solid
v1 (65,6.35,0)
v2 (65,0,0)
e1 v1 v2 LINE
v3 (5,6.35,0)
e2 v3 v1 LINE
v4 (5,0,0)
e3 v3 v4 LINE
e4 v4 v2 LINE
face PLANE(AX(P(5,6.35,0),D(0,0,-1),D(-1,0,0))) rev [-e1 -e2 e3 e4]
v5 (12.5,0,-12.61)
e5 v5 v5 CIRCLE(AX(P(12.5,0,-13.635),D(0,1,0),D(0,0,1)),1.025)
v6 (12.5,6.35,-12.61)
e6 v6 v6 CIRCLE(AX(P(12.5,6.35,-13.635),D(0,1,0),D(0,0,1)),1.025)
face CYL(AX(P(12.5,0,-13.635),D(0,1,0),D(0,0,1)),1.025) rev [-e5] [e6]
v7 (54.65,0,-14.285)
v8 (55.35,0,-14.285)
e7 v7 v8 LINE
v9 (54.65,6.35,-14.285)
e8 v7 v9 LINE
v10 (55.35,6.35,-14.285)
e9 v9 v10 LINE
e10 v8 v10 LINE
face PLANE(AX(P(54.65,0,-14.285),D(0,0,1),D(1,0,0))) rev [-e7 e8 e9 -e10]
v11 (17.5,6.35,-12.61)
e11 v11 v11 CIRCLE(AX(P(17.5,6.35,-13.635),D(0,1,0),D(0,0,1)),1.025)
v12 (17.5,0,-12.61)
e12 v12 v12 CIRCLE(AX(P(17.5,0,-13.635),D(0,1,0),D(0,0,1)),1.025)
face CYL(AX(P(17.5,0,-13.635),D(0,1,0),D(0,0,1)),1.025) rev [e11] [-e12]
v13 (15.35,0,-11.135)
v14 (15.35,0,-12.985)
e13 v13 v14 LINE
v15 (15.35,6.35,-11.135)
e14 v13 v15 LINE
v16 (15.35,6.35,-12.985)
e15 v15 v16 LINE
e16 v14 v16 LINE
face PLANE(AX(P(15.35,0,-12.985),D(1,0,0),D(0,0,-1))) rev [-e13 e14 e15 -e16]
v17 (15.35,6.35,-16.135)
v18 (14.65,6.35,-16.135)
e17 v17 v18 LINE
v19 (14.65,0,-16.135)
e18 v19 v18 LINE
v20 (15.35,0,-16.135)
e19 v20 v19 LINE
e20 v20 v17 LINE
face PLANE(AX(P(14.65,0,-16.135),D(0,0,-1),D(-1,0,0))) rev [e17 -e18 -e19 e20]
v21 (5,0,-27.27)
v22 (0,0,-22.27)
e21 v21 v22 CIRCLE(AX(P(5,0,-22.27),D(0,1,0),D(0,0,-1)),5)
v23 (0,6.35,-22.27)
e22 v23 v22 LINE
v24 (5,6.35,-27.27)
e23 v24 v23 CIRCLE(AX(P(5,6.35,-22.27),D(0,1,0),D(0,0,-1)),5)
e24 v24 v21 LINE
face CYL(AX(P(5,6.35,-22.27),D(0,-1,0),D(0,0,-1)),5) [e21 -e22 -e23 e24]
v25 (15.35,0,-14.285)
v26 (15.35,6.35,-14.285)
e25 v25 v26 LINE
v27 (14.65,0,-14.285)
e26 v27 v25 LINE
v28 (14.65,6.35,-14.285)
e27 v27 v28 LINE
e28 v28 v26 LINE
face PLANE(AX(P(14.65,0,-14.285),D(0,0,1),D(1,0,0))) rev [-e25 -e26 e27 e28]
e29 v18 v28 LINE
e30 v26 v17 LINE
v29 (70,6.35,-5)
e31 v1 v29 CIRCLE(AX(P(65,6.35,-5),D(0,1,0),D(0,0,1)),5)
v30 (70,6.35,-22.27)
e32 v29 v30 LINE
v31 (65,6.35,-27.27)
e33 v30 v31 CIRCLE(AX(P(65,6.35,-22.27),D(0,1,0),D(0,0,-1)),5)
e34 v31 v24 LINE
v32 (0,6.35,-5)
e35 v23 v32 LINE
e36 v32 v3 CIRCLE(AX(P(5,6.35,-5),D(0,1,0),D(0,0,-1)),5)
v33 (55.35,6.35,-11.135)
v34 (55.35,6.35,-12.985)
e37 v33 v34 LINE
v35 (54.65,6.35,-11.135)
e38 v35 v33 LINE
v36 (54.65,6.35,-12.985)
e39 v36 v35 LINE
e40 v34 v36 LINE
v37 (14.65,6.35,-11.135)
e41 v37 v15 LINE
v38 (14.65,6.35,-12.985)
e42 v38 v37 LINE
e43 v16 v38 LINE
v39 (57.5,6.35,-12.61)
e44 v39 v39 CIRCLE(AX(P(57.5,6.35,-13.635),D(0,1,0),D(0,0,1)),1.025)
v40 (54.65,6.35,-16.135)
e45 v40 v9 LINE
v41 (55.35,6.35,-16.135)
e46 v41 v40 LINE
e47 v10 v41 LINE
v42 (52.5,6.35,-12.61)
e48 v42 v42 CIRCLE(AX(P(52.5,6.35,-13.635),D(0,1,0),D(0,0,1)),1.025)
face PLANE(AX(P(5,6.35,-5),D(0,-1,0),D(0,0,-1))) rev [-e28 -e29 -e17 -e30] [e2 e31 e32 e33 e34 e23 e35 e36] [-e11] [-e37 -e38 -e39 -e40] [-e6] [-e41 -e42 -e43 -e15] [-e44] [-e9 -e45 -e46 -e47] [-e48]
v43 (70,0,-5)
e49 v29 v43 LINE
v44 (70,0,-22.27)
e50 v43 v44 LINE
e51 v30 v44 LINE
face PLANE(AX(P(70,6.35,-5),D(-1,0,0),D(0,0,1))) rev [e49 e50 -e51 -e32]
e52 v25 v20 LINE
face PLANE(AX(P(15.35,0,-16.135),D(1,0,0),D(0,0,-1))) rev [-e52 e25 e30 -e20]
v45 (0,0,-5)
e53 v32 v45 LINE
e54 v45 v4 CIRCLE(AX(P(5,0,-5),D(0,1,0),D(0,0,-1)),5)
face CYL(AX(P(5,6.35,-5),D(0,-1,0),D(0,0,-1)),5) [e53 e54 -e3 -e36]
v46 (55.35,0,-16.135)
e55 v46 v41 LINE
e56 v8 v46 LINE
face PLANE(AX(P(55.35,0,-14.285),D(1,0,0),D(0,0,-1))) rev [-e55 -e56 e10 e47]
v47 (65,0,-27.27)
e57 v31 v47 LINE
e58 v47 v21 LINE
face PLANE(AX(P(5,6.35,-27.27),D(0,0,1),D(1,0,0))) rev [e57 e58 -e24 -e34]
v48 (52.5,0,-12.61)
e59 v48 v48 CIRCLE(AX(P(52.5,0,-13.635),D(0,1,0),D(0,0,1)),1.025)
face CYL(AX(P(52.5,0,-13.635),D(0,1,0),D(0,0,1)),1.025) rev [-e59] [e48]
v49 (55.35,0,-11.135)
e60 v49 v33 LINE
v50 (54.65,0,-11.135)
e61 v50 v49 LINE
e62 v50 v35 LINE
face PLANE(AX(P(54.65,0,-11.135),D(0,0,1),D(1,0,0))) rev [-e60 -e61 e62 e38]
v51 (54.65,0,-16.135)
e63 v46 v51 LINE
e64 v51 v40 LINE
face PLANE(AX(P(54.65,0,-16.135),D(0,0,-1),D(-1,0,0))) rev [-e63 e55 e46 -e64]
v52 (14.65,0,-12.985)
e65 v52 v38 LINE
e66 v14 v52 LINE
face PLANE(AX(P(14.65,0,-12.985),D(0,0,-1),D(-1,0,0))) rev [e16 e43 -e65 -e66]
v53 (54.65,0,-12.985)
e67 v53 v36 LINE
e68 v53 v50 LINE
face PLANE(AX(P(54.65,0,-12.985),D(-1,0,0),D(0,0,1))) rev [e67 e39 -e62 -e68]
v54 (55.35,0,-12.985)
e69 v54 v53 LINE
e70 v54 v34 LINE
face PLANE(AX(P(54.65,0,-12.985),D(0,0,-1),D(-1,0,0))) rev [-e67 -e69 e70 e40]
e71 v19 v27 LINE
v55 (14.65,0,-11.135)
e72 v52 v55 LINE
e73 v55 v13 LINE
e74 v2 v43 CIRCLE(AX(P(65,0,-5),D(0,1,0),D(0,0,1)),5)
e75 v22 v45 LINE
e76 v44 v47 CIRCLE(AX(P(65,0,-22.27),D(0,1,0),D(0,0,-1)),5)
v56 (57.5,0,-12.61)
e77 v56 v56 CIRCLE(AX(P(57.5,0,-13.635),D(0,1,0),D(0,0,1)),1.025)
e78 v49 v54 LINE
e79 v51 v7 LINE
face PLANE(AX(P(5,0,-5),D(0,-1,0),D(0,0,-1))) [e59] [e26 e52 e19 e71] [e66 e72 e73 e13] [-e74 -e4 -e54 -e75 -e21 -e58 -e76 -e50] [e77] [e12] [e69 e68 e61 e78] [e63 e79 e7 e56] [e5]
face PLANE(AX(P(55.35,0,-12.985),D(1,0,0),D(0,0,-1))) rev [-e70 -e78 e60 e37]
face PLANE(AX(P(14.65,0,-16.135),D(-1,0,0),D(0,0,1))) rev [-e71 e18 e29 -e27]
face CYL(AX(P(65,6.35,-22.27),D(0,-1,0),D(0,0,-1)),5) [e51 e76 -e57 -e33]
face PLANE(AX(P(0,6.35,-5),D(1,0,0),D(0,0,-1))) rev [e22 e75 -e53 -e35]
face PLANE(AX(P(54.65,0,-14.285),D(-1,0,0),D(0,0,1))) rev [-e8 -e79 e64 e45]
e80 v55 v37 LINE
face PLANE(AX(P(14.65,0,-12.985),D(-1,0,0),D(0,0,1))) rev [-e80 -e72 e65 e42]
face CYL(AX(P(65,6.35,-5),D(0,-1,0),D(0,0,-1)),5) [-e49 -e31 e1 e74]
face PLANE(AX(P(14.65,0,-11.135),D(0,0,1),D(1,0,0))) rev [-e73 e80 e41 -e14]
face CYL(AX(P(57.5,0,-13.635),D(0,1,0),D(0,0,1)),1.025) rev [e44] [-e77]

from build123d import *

# Parameters (mm, degrees)
BOSS_EXTRUDE1_DEPTH = 6.35
SKETCH2_R           = 1.025
SKETCH2_W           = 0.7
SKETCH2_H           = 1.85
CUT_EXTRUDE1_DEPTH  = 6.35


with BuildPart() as part:
    # Sketch1 → Boss-Extrude1 (new body)
    with BuildSketch(Plane(origin=(0, 0, 0), x_dir=(1, 0, 0), z_dir=(0, 1, 0))):
        with BuildLine():
            Line((5, 0), (65, 0))
            ThreePointArc((65, 0), (68.535533906, 1.464466094), (70, 5))
            Line((70, 5), (70, 22.27))
            ThreePointArc((70, 22.27), (68.535533906, 25.805533906), (65, 27.27))
            Line((65, 27.27), (5, 27.27))
            ThreePointArc((5, 27.27), (1.464466094, 25.805533906), (0, 22.27))
            Line((0, 22.27), (0, 5))
            ThreePointArc((0, 5), (1.464466094, 1.464466094), (5, 0))
        make_face()
    extrude(amount=BOSS_EXTRUDE1_DEPTH)

    # Sketch2 → Cut-Extrude1 (cut)
    with BuildSketch(Plane(origin=(0, 6.35, 0), x_dir=(1, 0, 0), z_dir=(0, 1, 0))):
        with Locations(Location((12.5, 13.635, 0), (0, 0, 270))):
            Circle(SKETCH2_R)
        with Locations(Location((17.5, 13.635, 0), (0, 0, 270))):
            Circle(SKETCH2_R)
        with Locations(Location((52.5, 13.635, 0), (0, 0, 270))):
            Circle(SKETCH2_R)
        with Locations(Location((57.5, 13.635, 0), (0, 0, 270))):
            Circle(SKETCH2_R)
        with Locations((15, 15.21)):
            Rectangle(SKETCH2_W, SKETCH2_H)
        with Locations((15, 12.06)):
            Rectangle(SKETCH2_W, SKETCH2_H)
        with Locations((55, 12.06)):
            Rectangle(SKETCH2_W, SKETCH2_H)
        with Locations((55, 15.21)):
            Rectangle(SKETCH2_W, SKETCH2_H)
    extrude(amount=-CUT_EXTRUDE1_DEPTH, mode=Mode.SUBTRACT)


solid = part.part
